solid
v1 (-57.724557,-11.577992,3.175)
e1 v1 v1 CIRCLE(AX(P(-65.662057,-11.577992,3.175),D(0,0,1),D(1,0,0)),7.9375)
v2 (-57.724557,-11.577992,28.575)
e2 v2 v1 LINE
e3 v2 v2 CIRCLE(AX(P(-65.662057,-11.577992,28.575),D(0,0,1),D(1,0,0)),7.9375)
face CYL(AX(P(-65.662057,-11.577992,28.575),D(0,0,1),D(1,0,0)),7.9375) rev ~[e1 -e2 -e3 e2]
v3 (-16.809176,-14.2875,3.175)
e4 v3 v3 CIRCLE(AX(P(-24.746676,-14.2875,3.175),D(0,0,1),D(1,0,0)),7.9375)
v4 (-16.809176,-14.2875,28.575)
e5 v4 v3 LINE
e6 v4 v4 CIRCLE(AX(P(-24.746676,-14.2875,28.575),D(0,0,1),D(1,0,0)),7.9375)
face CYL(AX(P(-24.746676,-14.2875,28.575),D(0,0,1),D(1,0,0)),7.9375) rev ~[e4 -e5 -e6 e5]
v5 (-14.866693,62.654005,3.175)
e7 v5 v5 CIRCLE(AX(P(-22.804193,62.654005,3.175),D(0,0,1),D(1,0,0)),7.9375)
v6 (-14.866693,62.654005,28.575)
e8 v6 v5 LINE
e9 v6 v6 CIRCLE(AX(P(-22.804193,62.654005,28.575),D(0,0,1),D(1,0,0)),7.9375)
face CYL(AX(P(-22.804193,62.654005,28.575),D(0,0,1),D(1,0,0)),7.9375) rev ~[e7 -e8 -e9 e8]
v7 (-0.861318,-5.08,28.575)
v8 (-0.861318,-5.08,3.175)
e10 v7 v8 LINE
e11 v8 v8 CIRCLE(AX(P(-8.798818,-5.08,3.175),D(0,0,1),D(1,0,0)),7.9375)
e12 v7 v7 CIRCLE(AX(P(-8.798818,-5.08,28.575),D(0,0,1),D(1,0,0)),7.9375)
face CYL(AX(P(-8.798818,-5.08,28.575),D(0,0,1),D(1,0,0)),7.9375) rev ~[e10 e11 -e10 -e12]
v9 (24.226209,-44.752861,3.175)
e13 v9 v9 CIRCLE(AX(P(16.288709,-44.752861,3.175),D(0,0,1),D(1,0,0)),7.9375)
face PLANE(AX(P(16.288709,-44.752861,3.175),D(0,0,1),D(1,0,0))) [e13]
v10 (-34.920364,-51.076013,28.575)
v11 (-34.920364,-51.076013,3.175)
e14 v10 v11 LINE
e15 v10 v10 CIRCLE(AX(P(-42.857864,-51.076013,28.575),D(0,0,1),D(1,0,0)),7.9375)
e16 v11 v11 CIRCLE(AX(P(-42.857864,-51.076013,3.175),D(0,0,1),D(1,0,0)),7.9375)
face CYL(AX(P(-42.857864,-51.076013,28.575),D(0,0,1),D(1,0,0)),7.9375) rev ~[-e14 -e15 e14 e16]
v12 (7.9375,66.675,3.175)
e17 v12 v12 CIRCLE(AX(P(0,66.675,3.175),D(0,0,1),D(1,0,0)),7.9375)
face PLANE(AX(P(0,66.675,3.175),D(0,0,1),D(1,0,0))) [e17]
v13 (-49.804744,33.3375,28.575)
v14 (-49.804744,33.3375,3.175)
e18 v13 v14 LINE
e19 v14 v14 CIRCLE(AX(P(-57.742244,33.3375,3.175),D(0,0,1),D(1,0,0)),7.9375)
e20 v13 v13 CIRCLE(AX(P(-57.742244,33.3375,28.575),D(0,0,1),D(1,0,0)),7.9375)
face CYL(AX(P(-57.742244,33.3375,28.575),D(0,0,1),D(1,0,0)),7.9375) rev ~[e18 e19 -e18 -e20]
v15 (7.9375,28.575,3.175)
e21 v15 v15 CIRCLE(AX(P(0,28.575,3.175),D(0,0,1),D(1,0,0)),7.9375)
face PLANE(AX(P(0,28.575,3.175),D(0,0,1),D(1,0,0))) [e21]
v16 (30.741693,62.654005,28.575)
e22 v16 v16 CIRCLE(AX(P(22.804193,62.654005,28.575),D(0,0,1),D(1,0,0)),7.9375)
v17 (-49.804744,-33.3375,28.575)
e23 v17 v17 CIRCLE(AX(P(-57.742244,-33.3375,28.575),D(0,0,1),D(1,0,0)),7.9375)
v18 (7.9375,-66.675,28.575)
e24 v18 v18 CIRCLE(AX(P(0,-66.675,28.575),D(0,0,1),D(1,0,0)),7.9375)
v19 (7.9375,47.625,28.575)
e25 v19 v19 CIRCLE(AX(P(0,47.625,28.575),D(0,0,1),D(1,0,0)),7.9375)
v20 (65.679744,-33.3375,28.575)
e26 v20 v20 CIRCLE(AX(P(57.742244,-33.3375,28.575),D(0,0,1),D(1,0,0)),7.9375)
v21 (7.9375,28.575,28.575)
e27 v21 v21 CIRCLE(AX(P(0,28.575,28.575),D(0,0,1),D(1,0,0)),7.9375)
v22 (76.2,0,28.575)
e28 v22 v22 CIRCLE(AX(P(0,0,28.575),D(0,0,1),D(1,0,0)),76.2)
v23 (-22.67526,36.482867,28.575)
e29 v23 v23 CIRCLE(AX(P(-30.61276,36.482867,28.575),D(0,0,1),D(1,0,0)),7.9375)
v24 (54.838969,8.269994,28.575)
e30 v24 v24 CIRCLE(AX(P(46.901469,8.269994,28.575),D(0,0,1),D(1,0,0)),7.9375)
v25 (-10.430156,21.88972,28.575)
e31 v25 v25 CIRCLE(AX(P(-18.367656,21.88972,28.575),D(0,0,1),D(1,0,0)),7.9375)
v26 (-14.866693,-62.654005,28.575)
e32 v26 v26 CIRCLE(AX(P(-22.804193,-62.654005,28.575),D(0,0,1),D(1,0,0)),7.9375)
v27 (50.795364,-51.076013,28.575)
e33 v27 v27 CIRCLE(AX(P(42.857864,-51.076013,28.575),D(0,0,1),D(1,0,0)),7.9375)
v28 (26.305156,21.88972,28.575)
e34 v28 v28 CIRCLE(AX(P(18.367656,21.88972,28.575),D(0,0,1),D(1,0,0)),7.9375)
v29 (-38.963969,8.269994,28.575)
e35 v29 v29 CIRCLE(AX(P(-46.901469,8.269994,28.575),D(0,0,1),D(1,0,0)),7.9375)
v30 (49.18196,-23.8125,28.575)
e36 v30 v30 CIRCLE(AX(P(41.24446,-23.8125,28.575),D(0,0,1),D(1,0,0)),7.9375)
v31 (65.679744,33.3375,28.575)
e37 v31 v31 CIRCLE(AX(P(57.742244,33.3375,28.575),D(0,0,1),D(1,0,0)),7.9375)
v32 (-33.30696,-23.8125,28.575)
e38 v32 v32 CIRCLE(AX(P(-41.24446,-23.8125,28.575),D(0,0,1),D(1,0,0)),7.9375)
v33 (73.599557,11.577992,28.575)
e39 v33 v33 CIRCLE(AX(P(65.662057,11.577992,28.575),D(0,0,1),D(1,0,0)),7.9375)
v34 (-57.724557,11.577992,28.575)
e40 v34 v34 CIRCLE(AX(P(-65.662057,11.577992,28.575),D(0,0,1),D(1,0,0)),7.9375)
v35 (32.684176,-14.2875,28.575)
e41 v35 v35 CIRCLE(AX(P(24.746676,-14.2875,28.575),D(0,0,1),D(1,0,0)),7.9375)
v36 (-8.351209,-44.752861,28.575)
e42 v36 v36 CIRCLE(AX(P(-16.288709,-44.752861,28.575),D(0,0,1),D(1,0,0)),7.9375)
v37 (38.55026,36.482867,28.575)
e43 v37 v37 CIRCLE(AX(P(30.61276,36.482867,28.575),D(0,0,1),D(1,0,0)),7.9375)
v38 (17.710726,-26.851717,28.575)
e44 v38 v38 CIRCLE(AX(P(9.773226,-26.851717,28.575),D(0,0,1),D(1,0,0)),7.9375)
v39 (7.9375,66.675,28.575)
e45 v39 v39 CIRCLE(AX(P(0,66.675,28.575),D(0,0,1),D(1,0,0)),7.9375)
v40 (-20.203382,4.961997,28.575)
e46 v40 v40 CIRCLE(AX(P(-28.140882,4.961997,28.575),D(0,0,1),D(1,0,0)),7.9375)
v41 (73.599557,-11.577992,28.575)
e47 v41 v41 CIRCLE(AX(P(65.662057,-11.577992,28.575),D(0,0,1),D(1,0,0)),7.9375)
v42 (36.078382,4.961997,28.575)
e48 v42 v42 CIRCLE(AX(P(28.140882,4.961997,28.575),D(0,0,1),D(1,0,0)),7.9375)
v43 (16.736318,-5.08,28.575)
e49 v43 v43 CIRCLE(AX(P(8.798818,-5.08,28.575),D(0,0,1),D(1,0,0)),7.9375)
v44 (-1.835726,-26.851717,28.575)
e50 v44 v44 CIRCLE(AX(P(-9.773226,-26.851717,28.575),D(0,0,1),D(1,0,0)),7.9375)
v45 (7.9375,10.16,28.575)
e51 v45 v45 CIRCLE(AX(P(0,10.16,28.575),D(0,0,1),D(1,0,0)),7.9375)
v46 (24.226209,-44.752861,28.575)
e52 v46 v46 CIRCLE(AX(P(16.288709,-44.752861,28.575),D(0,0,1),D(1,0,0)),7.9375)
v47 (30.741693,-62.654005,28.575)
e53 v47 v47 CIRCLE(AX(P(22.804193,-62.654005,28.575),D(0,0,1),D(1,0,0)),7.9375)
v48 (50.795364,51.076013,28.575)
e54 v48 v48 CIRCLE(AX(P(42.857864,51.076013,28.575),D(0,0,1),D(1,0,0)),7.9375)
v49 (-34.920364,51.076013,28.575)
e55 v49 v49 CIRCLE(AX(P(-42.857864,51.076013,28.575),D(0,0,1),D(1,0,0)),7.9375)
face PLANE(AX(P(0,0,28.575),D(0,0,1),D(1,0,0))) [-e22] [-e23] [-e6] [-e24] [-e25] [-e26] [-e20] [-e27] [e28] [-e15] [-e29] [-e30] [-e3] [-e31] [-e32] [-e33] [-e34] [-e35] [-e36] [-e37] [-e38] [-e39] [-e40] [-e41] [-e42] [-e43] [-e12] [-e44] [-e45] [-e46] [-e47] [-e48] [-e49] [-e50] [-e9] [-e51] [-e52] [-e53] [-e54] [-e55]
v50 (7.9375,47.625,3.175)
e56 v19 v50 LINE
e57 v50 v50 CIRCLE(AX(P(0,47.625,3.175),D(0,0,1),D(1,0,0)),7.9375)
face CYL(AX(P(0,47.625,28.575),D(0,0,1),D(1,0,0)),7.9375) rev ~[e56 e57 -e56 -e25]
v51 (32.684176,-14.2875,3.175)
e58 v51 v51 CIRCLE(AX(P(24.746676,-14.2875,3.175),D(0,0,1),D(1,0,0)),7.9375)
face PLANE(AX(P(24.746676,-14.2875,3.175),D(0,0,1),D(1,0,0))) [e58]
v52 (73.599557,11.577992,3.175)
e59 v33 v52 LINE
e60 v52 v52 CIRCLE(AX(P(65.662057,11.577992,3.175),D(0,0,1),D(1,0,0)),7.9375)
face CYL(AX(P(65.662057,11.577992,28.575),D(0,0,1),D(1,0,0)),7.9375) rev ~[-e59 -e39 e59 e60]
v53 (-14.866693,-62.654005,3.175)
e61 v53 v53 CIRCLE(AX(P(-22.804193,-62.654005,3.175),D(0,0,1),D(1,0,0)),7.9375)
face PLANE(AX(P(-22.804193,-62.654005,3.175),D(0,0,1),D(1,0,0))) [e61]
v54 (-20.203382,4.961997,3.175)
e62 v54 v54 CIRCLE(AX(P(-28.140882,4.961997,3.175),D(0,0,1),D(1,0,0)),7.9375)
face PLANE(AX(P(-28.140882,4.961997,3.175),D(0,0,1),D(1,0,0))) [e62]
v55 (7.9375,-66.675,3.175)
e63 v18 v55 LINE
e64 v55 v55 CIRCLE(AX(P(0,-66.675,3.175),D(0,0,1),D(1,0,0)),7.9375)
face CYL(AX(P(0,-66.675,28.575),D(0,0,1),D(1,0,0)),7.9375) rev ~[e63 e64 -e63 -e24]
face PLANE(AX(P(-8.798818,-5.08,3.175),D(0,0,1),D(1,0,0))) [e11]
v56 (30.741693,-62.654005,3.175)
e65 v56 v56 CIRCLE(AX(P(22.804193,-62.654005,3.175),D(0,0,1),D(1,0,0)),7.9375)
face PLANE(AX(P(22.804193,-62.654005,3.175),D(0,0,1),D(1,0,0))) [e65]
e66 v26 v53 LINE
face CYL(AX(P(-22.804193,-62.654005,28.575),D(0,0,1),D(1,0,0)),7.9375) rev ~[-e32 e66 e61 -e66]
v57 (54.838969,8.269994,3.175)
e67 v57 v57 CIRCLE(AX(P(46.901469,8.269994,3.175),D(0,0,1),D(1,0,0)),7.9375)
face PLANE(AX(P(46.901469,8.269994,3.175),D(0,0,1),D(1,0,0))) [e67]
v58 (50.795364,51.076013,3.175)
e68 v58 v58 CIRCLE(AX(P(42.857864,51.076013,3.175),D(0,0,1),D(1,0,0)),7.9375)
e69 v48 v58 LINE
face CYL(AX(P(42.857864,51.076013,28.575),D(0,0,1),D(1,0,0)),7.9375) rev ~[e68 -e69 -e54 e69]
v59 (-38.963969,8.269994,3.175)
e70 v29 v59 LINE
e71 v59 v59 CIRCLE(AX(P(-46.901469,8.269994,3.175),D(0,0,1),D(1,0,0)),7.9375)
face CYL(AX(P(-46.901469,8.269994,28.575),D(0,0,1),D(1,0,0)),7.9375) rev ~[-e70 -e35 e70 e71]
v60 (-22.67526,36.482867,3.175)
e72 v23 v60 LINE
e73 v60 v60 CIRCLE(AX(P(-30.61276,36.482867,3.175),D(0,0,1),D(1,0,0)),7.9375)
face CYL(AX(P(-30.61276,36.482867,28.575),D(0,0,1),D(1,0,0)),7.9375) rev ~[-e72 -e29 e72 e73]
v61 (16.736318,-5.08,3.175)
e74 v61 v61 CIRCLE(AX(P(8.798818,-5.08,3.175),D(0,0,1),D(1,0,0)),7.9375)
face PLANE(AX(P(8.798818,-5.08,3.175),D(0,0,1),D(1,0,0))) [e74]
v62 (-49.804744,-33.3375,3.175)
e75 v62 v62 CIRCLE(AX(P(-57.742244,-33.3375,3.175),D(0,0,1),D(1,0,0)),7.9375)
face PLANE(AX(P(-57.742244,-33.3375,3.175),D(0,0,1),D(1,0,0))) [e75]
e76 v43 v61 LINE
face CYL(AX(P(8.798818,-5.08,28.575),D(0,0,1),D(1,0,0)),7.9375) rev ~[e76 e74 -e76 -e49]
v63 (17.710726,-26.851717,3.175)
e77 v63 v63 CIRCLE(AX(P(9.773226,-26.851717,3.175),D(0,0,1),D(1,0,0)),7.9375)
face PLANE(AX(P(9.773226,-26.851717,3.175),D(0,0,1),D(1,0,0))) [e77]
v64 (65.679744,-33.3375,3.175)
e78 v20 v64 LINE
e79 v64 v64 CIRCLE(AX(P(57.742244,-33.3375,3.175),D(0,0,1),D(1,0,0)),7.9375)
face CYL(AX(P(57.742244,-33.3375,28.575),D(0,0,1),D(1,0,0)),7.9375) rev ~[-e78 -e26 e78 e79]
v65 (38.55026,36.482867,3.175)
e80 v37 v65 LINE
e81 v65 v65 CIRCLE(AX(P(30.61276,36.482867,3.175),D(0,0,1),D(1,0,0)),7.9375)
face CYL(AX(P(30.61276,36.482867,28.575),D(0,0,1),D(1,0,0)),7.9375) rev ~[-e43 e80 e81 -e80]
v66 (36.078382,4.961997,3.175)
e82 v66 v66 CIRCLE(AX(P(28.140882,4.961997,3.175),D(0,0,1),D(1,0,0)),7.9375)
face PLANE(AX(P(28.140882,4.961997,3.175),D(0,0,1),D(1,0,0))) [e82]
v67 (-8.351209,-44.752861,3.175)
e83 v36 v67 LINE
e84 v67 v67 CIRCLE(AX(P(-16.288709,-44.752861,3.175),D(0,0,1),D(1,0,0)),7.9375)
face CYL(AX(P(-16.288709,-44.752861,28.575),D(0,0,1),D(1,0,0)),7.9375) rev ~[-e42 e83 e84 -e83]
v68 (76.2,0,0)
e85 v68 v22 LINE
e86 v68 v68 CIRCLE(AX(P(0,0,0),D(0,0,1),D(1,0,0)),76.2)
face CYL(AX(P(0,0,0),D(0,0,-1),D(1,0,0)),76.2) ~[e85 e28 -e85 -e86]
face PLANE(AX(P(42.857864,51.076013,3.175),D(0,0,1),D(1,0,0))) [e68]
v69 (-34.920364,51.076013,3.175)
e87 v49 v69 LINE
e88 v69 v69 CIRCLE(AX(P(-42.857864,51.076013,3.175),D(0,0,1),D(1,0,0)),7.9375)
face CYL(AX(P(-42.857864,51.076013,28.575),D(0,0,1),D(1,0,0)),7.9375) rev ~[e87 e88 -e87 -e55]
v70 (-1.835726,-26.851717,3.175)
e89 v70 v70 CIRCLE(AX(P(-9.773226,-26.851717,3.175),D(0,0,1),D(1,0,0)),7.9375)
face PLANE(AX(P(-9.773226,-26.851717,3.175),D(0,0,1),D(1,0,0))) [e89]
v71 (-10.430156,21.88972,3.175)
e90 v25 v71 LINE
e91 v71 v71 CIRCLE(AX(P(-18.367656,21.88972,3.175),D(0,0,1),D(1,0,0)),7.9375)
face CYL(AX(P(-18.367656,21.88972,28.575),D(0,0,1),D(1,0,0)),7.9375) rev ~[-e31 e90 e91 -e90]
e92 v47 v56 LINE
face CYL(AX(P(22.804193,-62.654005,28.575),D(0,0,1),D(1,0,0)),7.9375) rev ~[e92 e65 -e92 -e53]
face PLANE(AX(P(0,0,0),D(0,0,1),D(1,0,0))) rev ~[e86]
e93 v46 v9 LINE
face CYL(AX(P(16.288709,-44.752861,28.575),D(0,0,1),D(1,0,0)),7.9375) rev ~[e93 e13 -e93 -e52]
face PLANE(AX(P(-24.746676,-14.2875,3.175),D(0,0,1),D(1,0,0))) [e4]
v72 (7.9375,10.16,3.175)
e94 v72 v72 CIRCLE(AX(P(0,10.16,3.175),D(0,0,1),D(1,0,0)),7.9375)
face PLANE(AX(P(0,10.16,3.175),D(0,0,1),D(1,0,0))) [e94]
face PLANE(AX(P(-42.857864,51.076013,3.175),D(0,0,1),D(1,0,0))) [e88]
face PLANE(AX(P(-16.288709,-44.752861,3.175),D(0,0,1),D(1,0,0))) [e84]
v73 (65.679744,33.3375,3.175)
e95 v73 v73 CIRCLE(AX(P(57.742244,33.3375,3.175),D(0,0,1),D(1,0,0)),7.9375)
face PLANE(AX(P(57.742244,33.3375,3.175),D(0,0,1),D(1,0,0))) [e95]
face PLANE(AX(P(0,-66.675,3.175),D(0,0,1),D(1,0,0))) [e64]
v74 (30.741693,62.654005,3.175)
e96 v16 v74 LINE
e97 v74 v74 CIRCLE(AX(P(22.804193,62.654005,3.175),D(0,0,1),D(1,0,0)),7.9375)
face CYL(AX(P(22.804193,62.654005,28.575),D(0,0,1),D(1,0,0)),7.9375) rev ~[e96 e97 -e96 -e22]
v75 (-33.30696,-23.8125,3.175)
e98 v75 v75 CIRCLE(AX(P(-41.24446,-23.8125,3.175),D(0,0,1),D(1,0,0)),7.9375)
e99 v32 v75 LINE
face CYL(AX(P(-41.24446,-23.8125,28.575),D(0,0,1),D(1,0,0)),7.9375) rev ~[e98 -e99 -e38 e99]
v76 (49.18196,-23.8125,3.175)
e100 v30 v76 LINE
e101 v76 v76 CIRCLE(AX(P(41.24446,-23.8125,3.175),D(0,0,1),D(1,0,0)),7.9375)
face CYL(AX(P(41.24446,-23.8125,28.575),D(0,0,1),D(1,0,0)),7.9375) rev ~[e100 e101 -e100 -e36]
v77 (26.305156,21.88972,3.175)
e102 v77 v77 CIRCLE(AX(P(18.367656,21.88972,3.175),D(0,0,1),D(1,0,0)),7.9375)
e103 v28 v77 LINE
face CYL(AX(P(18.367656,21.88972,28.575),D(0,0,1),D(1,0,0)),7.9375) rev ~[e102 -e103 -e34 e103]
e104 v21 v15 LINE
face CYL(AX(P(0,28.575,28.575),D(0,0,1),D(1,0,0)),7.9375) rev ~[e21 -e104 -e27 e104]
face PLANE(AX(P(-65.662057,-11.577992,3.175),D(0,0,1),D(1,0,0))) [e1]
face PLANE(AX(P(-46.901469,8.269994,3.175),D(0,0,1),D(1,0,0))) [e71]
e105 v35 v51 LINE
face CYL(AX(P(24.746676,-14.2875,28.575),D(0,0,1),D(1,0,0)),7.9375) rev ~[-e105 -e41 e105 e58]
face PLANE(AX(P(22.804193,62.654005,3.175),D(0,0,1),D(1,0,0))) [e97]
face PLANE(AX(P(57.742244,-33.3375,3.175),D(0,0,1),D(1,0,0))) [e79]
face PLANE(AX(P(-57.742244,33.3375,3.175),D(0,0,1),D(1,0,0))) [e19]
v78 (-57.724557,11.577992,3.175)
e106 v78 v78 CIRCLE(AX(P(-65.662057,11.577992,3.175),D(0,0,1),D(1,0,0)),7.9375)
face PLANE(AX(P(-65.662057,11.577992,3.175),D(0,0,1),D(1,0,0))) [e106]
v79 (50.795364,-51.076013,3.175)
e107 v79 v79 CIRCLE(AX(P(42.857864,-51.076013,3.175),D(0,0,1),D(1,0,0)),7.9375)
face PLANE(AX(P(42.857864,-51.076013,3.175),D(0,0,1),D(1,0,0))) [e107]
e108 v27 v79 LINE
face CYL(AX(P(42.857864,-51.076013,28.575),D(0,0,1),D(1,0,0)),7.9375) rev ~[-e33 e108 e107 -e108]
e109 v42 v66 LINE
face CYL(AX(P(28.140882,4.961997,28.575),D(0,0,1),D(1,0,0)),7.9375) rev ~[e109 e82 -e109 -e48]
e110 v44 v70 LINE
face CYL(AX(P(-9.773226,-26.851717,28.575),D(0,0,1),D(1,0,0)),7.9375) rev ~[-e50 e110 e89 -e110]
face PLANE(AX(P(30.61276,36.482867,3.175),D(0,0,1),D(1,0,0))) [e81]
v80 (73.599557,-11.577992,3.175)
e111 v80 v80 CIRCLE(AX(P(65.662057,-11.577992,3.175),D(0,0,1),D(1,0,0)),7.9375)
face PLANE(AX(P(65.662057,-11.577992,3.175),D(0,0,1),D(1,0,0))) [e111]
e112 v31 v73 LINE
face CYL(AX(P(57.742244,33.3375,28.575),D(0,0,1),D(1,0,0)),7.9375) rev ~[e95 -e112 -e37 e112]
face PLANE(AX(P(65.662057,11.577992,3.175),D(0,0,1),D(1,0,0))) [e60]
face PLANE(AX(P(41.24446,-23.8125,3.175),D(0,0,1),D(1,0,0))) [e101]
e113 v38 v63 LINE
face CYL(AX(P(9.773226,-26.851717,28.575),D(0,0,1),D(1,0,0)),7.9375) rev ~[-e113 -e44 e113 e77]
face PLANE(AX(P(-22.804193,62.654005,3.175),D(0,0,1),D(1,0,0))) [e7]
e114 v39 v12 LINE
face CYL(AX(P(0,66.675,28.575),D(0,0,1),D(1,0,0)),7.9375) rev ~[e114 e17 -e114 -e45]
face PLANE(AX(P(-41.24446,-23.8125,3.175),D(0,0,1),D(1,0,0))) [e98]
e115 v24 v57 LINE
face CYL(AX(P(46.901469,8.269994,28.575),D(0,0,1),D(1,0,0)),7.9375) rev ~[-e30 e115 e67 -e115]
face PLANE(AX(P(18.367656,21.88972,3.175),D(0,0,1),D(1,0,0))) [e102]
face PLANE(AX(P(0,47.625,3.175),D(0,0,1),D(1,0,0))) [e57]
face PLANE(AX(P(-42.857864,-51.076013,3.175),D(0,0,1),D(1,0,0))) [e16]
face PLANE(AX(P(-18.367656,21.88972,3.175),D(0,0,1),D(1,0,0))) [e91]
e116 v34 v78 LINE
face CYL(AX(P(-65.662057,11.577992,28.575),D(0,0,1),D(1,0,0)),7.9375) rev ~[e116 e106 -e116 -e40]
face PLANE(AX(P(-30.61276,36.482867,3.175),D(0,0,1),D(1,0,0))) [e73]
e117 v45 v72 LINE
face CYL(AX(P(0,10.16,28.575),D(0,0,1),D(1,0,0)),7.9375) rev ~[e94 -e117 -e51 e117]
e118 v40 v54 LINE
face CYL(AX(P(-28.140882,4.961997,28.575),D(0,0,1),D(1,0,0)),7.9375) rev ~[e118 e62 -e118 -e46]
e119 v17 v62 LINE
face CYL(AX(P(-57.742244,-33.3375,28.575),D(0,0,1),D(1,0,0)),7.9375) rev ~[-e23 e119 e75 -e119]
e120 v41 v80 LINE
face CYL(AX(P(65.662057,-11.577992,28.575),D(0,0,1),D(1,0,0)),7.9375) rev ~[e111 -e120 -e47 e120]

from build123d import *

# Parameters (mm, degrees)
F0_R     = 76.2
F1_DEPTH = 28.575
F2_R     = 7.9375
F3_DEPTH = 25.4


with BuildPart() as f1:
    # F0 (on Top) → F1 (new body)
    with BuildSketch(Plane.XY):
        Circle(F0_R)
    extrude(amount=F1_DEPTH)

    # F2 (on face) → F3 (cut)
    with BuildSketch(Plane.XY.offset(28.575)):
        with Locations((-30.6127599113, 36.4828666035)):
            Circle(F2_R)
        with Locations((-57.7422437973, 33.3375)):
            Circle(F2_R)
        with Locations((-42.8578638759, 51.076013245)):
            Circle(F2_R)
        with Locations((-22.8041930562, 62.6540054909)):
            Circle(F2_R)
        with Locations((0, 66.675)):
            Circle(F2_R)
        with Locations((0, 47.625)):
            Circle(F2_R)
        with Locations((0, 28.575)):
            Circle(F2_R)
        with Locations((-18.3676559468, 21.8897199621)):
            Circle(F2_R)
        with Locations((-28.1408815423, 4.9619966768)):
            Circle(F2_R)
        with Locations((-46.9014692372, 8.2699944614)):
            Circle(F2_R)
        with Locations((-65.6620569321, 11.5779922459)):
            Circle(F2_R)
        with Locations((-65.6620569321, -11.5779922459)):
            Circle(F2_R)
        with Locations((-57.7422437973, -33.3375)):
            Circle(F2_R)
        with Locations((-41.2444598552, -23.8125)):
            Circle(F2_R)
        with Locations((-24.7466759131, -14.2875)):
            Circle(F2_R)
        with Locations((-8.7988181024, -5.08)):
            Circle(F2_R)
        with Locations((-9.7732255955, -26.851716639)):
            Circle(F2_R)
        with Locations((-16.2887093259, -44.7528610649)):
            Circle(F2_R)
        with Locations((-22.8041930562, -62.6540054909)):
            Circle(F2_R)
        with Locations((-42.8578638759, -51.076013245)):
            Circle(F2_R)
        with Locations((0, -66.675)):
            Circle(F2_R)
        with Locations((22.8041930562, -62.6540054909)):
            Circle(F2_R)
        with Locations((16.2887093259, -44.7528610649)):
            Circle(F2_R)
        with Locations((9.7732255955, -26.851716639)):
            Circle(F2_R)
        with Locations((8.7988181024, -5.08)):
            Circle(F2_R)
        with Locations((0, 10.16)):
            Circle(F2_R)
        with Locations((18.3676559468, 21.8897199621)):
            Circle(F2_R)
        with Locations((30.6127599113, 36.4828666035)):
            Circle(F2_R)
        with Locations((42.8578638759, 51.076013245)):
            Circle(F2_R)
        with Locations((22.8041930562, 62.6540054909)):
            Circle(F2_R)
        with Locations((57.7422437973, 33.3375)):
            Circle(F2_R)
        with Locations((65.6620569321, 11.5779922459)):
            Circle(F2_R)
        with Locations((46.9014692372, 8.2699944614)):
            Circle(F2_R)
        with Locations((28.1408815423, 4.9619966768)):
            Circle(F2_R)
        with Locations((24.7466759131, -14.2875)):
            Circle(F2_R)
        with Locations((41.2444598552, -23.8125)):
            Circle(F2_R)
        with Locations((65.6620569321, -11.5779922459)):
            Circle(F2_R)
        with Locations((57.7422437973, -33.3375)):
            Circle(F2_R)
        with Locations((42.8578638759, -51.076013245)):
            Circle(F2_R)
    extrude(amount=-F3_DEPTH, mode=Mode.SUBTRACT)


solid = f1.part
